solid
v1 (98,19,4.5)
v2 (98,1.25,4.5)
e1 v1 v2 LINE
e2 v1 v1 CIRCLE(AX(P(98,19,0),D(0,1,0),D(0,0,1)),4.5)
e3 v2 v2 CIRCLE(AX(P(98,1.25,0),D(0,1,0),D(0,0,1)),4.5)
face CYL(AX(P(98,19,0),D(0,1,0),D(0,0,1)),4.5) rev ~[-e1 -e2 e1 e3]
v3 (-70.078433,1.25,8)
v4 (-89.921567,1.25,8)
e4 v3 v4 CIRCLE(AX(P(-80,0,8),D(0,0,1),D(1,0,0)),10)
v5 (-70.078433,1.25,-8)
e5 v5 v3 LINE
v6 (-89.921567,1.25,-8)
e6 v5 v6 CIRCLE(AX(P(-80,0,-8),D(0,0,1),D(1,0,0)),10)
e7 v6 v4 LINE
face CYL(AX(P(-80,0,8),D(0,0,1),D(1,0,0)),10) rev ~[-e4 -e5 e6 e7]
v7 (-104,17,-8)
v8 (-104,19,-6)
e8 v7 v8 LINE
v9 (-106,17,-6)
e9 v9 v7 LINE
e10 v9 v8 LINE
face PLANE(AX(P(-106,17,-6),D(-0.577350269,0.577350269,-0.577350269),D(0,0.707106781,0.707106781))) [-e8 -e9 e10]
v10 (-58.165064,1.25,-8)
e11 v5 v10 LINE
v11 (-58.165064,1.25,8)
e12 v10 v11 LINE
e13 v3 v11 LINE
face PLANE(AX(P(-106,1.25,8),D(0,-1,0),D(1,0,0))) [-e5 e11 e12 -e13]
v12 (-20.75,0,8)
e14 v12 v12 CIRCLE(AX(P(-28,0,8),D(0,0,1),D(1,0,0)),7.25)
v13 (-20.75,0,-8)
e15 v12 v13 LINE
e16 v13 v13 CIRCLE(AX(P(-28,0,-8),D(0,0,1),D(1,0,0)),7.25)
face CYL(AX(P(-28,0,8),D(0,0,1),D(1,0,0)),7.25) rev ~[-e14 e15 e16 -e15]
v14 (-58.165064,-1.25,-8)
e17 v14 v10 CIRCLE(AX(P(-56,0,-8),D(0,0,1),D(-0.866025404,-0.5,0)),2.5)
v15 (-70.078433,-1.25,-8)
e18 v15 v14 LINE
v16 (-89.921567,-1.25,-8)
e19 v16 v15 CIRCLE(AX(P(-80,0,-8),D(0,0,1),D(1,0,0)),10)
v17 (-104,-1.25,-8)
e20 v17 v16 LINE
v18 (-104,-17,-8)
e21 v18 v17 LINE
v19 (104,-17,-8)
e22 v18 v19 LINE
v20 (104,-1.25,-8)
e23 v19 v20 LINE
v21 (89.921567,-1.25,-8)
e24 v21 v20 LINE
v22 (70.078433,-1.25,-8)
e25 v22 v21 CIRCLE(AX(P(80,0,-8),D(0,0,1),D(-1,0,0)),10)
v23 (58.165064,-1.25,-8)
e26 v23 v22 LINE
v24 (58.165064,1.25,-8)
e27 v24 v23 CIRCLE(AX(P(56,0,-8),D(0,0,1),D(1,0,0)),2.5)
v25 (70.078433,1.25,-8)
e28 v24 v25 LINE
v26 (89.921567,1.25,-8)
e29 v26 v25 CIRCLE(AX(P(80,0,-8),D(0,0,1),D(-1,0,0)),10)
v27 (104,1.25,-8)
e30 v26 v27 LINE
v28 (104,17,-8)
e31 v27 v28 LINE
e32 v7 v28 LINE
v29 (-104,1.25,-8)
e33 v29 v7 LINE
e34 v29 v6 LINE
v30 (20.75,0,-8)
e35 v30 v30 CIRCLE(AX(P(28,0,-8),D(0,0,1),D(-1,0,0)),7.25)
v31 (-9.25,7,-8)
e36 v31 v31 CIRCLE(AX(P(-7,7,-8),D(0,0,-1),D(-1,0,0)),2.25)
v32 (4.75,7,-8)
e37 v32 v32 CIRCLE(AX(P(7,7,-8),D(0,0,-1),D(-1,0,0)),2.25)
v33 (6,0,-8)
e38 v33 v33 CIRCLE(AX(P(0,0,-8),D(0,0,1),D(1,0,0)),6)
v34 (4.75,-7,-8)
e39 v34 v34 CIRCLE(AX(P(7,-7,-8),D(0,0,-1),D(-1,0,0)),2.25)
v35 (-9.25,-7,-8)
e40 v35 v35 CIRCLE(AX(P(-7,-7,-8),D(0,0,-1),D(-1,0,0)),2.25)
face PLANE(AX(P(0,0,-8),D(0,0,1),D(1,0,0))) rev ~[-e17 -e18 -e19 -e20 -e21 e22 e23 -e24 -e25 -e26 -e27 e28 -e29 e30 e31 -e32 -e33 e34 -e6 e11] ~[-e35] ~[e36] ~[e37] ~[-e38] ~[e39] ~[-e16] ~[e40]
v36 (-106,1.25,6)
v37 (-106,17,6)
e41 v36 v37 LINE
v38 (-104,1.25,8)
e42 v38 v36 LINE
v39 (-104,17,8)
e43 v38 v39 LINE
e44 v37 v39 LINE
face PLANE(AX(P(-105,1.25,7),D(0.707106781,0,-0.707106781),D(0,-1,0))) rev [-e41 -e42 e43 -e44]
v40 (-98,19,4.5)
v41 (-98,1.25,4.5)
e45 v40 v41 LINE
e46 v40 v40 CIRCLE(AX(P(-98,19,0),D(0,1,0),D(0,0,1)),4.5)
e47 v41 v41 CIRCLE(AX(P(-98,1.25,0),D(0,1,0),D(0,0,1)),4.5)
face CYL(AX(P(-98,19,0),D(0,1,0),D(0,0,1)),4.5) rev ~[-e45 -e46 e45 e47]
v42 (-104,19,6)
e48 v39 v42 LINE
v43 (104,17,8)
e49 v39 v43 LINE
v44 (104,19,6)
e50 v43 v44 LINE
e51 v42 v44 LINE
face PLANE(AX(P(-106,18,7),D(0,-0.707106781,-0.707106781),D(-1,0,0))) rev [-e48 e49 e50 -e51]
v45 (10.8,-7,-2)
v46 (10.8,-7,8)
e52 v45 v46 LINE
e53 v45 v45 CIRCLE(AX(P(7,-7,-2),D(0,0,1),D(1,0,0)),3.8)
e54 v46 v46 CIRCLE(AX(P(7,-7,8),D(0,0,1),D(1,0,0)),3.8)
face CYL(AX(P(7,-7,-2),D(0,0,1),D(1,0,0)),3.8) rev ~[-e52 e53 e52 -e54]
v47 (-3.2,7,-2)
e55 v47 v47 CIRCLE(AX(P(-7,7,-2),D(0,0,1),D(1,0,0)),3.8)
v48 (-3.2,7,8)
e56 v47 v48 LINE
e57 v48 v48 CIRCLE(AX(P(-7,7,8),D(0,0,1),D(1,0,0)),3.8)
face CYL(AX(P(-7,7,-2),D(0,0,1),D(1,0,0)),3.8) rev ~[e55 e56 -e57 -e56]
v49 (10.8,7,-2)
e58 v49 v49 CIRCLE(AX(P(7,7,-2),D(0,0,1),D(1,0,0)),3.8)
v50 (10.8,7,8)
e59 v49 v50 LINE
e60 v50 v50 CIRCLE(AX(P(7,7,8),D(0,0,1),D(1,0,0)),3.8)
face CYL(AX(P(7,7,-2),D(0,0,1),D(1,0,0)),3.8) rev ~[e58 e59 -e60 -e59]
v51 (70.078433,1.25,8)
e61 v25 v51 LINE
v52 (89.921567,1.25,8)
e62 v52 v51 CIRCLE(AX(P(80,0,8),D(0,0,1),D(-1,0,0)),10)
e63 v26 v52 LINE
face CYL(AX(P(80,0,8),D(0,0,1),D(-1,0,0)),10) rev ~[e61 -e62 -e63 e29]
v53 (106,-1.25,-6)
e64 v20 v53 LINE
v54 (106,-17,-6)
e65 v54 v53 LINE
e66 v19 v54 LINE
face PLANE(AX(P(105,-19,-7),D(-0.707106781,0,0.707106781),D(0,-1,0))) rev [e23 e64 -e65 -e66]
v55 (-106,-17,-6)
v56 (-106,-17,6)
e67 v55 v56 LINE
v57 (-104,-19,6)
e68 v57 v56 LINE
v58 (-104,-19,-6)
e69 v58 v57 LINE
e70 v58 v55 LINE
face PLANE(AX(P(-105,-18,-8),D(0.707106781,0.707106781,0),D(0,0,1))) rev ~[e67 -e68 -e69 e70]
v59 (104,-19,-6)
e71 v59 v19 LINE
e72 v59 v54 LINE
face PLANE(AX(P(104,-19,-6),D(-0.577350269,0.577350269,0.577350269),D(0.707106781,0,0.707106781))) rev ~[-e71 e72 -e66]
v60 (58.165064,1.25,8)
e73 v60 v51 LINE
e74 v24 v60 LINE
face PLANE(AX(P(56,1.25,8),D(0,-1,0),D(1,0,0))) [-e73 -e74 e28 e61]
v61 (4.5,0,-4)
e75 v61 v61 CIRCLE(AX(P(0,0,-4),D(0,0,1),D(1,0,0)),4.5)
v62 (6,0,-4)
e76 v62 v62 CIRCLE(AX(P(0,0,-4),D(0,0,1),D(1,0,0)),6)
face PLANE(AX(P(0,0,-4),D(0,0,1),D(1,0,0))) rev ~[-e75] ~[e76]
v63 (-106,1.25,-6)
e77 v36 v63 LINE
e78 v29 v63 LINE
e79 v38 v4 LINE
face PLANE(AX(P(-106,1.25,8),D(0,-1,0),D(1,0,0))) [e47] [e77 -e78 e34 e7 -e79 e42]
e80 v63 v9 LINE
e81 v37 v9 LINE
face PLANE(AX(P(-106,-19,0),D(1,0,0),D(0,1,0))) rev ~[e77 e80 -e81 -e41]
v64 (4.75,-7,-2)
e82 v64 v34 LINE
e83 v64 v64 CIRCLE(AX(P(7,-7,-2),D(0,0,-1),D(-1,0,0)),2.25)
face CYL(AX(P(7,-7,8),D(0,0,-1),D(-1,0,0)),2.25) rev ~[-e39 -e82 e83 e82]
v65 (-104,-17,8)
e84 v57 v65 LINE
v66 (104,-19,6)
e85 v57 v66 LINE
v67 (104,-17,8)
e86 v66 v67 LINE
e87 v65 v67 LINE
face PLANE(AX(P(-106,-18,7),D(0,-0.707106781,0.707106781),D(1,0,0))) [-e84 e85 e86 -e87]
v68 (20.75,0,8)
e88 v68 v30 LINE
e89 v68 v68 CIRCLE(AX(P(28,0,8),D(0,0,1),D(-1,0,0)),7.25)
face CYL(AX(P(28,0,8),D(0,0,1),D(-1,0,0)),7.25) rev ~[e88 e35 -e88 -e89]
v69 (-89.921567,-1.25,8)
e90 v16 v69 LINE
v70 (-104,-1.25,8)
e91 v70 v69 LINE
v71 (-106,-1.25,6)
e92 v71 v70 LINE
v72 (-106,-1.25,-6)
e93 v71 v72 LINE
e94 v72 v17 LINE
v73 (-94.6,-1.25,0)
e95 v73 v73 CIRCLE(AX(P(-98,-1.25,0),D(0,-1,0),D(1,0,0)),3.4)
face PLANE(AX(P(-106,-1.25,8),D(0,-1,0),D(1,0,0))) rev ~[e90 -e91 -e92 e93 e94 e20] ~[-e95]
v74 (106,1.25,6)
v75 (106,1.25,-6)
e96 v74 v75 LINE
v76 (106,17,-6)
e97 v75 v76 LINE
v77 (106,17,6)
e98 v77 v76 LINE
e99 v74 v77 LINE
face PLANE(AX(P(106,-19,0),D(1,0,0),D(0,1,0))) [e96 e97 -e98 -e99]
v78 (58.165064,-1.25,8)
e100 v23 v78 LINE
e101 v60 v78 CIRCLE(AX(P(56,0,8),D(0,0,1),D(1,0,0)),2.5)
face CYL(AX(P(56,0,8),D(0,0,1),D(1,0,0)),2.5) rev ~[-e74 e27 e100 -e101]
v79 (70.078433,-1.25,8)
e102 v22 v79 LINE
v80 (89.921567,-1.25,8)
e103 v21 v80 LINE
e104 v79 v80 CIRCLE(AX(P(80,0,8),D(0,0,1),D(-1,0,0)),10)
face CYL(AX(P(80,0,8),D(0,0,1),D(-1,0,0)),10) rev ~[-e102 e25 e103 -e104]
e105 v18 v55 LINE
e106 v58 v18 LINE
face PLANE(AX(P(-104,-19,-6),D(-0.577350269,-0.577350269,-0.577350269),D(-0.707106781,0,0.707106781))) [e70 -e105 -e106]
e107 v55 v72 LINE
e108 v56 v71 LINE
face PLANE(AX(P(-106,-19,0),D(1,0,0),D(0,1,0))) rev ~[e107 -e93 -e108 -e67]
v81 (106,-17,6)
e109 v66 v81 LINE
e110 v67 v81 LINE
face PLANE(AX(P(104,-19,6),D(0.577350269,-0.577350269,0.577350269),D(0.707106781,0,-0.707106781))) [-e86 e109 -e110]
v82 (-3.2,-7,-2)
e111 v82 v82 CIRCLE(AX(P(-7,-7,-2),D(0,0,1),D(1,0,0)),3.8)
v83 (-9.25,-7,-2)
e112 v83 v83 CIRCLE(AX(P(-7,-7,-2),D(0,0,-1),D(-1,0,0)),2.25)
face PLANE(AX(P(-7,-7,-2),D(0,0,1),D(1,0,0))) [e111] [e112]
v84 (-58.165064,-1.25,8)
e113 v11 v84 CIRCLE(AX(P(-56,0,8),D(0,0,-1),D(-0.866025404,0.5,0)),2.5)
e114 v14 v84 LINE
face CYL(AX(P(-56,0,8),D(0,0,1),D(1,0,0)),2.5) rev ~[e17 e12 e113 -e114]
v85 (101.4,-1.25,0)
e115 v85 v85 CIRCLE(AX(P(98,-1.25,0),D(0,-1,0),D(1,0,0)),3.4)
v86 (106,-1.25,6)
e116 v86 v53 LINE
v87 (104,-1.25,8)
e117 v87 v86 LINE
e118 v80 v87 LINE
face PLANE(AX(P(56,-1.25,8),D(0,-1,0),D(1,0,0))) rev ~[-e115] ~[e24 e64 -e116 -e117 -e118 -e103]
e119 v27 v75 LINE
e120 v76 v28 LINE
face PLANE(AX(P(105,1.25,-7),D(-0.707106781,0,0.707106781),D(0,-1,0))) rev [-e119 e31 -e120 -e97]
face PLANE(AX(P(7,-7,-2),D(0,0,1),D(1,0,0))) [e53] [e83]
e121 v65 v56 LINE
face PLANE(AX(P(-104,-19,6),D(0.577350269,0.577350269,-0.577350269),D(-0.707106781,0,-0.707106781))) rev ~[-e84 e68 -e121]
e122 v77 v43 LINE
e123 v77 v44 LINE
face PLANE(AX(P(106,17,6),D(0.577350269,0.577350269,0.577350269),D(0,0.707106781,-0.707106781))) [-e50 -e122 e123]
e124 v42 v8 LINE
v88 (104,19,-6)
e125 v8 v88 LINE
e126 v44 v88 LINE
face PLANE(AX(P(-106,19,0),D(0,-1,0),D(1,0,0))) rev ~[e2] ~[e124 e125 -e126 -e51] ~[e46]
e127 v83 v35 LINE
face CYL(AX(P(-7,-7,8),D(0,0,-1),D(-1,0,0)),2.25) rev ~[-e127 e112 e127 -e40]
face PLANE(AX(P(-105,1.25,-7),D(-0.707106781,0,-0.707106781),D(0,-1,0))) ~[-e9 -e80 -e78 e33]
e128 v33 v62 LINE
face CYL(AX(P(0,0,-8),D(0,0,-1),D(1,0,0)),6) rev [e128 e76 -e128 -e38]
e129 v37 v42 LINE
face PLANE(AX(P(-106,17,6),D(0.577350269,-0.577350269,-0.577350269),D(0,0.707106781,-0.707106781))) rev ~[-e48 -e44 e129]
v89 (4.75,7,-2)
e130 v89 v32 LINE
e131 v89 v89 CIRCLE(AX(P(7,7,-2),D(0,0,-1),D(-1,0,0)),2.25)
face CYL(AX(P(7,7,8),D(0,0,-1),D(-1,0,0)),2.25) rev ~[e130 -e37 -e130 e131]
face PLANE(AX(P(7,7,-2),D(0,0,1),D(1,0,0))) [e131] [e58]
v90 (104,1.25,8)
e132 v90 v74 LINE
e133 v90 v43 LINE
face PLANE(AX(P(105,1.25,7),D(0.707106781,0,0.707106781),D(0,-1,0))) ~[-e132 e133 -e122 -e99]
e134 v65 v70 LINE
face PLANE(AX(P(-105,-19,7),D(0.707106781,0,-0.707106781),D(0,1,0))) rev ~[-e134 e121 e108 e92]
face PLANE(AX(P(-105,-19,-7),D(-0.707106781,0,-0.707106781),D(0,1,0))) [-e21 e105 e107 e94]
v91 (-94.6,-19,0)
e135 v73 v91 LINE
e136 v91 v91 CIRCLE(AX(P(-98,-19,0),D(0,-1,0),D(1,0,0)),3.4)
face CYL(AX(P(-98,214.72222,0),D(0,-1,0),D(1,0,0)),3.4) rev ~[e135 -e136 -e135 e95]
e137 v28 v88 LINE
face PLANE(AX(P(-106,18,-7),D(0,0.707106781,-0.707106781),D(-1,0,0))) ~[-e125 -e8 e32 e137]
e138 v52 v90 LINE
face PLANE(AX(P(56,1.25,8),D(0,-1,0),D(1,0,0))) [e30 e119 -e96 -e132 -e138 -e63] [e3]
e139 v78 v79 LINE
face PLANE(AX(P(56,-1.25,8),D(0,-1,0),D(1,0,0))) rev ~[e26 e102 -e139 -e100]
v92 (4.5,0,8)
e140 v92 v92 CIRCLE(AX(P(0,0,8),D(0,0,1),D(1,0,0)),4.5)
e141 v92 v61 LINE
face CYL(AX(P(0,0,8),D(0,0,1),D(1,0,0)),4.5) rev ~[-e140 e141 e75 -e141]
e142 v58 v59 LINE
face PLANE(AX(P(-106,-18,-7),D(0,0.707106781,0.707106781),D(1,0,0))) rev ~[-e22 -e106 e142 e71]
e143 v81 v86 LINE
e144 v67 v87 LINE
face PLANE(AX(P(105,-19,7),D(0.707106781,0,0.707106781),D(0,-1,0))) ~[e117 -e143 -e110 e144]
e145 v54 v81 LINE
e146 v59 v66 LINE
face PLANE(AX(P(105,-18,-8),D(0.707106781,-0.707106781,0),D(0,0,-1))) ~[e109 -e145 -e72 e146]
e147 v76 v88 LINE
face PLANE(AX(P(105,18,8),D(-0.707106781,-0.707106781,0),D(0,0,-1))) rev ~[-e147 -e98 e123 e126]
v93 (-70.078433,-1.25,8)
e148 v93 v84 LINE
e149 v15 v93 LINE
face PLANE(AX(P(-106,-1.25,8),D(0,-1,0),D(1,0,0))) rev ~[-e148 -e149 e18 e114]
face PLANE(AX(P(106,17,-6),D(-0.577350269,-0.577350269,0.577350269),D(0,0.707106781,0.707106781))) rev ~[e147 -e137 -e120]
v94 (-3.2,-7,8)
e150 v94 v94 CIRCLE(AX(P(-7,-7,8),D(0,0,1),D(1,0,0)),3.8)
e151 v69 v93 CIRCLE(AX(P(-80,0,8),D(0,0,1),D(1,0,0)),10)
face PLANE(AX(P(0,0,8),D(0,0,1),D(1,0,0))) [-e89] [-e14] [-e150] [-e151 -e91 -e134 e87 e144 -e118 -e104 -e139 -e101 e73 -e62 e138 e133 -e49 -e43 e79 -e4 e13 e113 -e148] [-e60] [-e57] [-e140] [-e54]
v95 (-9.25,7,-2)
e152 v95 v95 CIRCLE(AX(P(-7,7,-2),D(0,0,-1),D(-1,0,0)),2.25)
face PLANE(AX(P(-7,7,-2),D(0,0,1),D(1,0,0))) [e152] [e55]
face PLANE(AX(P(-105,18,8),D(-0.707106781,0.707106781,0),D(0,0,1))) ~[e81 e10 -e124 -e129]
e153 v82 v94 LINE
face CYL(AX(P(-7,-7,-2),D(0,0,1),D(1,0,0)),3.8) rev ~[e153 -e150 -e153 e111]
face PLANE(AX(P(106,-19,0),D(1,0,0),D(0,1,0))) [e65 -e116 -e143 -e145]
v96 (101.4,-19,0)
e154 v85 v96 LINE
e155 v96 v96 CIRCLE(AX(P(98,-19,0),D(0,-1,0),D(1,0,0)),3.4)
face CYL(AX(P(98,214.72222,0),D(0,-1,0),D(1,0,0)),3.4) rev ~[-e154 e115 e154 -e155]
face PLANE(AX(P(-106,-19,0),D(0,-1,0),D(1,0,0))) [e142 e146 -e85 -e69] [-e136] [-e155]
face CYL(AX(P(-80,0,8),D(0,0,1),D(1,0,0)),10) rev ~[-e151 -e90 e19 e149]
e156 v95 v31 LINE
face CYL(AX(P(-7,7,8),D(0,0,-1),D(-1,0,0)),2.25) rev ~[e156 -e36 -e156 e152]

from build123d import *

# Parameters (mm, degrees)
SKETCH_1_W                = 212
SKETCH_1_H                = 38
EXTRUDE_1_DEPTH           = 8
SKETCH_2_R                = 10
CUT_EXTRUDE_1_DEPTH       = 109.87148387
SKETCH_3_W                = 50
SKETCH_3_H                = 2.5
CUT_EXTRUDE_2_DEPTH       = 109.87148387
SKETCH_4_R                = 6
CUT_EXTRUDE_3_DEPTH       = 4
SKETCH_5_R                = 4.5
CUT_EXTRUDE_4_DEPTH       = 109.87148387
HOLE_WIZARD_1_D           = 4.5
HOLE_WIZARD_1_CBORE_D     = 7.6
HOLE_WIZARD_1_CBORE_DEPTH = 10
SKETCH_8_R                = 7.25
CUT_EXTRUDE_5_DEPTH       = 109.87148387
SKETCH_9_R                = 4.5
CUT_EXTRUDE_6_DEPTH       = 17.75
M8X1_25_1_D               = 6.8
CHAMFER_1_SIZE            = 2
SKETCH_13_R               = 2.5
CUT_EXTRUDE_7_DEPTH       = 109.87148387


with BuildPart() as part:
    # 草图1 → 凸台-拉伸1 (new, symmetric)
    with BuildSketch(Plane.XY):
        Rectangle(SKETCH_1_W, SKETCH_1_H)
    extrude(amount=EXTRUDE_1_DEPTH, both=True)

    # 草图2 → 切除-拉伸1 (cut, through all)
    with BuildSketch(Plane.XY.offset(8)):
        with Locations((-80, 0)):
            Circle(SKETCH_2_R)
        with Locations(Location((80, 0, 0), (0, 0, 180))):
            Circle(SKETCH_2_R)
    extrude(amount=-CUT_EXTRUDE_1_DEPTH, mode=Mode.SUBTRACT)

    # 草图3 → 切除-拉伸2 (cut, through all)
    with BuildSketch(Plane.XY.offset(8)):
        with Locations((-81, 0)):
            Rectangle(SKETCH_3_W, SKETCH_3_H)
        with Locations((81, 0)):
            Rectangle(SKETCH_3_W, SKETCH_3_H)
    extrude(amount=-CUT_EXTRUDE_2_DEPTH, mode=Mode.SUBTRACT)

    # 草图4 → 切除-拉伸3 (cut)
    with BuildSketch(Plane.XY.offset(-8)):
        Circle(SKETCH_4_R)
    extrude(amount=CUT_EXTRUDE_3_DEPTH, mode=Mode.SUBTRACT)

    # 草图5 → 切除-拉伸4 (cut, through all)
    with BuildSketch(Plane.XY.offset(8)):
        Circle(SKETCH_5_R)
    extrude(amount=-CUT_EXTRUDE_4_DEPTH, mode=Mode.SUBTRACT)

    # 孔1 (through all)
    with Locations(Plane.XY.offset(8)):
        with Locations((-7, 7), (7, 7), (7, -7), (-7, -7)):
            CounterBoreHole(HOLE_WIZARD_1_D / 2, HOLE_WIZARD_1_CBORE_D / 2, HOLE_WIZARD_1_CBORE_DEPTH)

    # 草图8 → 切除-拉伸5 (cut, through all)
    with BuildSketch(Plane.XY.offset(8)):
        with Locations((-28, 0)):
            Circle(SKETCH_8_R)
        with Locations(Location((28, 0, 0), (0, 0, 180))):
            Circle(SKETCH_8_R)
    extrude(amount=-CUT_EXTRUDE_5_DEPTH, mode=Mode.SUBTRACT)

    # 草图9 → 切除-拉伸6 (cut)
    with BuildSketch(Plane(origin=(0, 19, 0), x_dir=(1, 0, 0), z_dir=(0, 1, 0))):
        with Locations(Location((-98, 0, 0), (0, 0, 270))):
            Circle(SKETCH_9_R)
        with Locations(Location((98, 0, 0), (0, 0, 270))):
            Circle(SKETCH_9_R)
    extrude(amount=-CUT_EXTRUDE_6_DEPTH, mode=Mode.SUBTRACT)

    # M8x1.25 螺纹孔1 (through all)
    with Locations(Plane(origin=(0, -1.25, 0), x_dir=(-1, 0, 0), z_dir=(0, 1, 0))):
        with Locations((98, 0), (-98, 0)):
            Hole(M8X1_25_1_D / 2)

    # 倒角1
    chamfer_1_edges = [part.edges().sort_by_distance(p)[0] for p in [
        (106, -10.125, 8),
        (0, 19, 8),
        (-106, -10.125, -8),
        (-106, -10.125, 8),
        (-106, 10.125, 8),
        (0, 19, -8),
        (106, -10.125, -8),
        (0, -19, -8),
        (106, 10.125, -8),
        (-106, 10.125, -8),
        (106, 10.125, 8),
        (0, -19, 8),
        (-106, 19, 0),
        (106, 19, 0),
        (106, -19, 0),
        (-106, -19, 0),
    ]]
    chamfer(chamfer_1_edges, length=CHAMFER_1_SIZE)

    # 草图13 → 切除-拉伸7 (cut, through all)
    with BuildSketch(Plane.XY.offset(8)):
        with Locations((-56, 0)):
            Circle(SKETCH_13_R)
        with Locations((56, 0)):
            Circle(SKETCH_13_R)
    extrude(amount=-CUT_EXTRUDE_7_DEPTH, mode=Mode.SUBTRACT)


solid = part.part
